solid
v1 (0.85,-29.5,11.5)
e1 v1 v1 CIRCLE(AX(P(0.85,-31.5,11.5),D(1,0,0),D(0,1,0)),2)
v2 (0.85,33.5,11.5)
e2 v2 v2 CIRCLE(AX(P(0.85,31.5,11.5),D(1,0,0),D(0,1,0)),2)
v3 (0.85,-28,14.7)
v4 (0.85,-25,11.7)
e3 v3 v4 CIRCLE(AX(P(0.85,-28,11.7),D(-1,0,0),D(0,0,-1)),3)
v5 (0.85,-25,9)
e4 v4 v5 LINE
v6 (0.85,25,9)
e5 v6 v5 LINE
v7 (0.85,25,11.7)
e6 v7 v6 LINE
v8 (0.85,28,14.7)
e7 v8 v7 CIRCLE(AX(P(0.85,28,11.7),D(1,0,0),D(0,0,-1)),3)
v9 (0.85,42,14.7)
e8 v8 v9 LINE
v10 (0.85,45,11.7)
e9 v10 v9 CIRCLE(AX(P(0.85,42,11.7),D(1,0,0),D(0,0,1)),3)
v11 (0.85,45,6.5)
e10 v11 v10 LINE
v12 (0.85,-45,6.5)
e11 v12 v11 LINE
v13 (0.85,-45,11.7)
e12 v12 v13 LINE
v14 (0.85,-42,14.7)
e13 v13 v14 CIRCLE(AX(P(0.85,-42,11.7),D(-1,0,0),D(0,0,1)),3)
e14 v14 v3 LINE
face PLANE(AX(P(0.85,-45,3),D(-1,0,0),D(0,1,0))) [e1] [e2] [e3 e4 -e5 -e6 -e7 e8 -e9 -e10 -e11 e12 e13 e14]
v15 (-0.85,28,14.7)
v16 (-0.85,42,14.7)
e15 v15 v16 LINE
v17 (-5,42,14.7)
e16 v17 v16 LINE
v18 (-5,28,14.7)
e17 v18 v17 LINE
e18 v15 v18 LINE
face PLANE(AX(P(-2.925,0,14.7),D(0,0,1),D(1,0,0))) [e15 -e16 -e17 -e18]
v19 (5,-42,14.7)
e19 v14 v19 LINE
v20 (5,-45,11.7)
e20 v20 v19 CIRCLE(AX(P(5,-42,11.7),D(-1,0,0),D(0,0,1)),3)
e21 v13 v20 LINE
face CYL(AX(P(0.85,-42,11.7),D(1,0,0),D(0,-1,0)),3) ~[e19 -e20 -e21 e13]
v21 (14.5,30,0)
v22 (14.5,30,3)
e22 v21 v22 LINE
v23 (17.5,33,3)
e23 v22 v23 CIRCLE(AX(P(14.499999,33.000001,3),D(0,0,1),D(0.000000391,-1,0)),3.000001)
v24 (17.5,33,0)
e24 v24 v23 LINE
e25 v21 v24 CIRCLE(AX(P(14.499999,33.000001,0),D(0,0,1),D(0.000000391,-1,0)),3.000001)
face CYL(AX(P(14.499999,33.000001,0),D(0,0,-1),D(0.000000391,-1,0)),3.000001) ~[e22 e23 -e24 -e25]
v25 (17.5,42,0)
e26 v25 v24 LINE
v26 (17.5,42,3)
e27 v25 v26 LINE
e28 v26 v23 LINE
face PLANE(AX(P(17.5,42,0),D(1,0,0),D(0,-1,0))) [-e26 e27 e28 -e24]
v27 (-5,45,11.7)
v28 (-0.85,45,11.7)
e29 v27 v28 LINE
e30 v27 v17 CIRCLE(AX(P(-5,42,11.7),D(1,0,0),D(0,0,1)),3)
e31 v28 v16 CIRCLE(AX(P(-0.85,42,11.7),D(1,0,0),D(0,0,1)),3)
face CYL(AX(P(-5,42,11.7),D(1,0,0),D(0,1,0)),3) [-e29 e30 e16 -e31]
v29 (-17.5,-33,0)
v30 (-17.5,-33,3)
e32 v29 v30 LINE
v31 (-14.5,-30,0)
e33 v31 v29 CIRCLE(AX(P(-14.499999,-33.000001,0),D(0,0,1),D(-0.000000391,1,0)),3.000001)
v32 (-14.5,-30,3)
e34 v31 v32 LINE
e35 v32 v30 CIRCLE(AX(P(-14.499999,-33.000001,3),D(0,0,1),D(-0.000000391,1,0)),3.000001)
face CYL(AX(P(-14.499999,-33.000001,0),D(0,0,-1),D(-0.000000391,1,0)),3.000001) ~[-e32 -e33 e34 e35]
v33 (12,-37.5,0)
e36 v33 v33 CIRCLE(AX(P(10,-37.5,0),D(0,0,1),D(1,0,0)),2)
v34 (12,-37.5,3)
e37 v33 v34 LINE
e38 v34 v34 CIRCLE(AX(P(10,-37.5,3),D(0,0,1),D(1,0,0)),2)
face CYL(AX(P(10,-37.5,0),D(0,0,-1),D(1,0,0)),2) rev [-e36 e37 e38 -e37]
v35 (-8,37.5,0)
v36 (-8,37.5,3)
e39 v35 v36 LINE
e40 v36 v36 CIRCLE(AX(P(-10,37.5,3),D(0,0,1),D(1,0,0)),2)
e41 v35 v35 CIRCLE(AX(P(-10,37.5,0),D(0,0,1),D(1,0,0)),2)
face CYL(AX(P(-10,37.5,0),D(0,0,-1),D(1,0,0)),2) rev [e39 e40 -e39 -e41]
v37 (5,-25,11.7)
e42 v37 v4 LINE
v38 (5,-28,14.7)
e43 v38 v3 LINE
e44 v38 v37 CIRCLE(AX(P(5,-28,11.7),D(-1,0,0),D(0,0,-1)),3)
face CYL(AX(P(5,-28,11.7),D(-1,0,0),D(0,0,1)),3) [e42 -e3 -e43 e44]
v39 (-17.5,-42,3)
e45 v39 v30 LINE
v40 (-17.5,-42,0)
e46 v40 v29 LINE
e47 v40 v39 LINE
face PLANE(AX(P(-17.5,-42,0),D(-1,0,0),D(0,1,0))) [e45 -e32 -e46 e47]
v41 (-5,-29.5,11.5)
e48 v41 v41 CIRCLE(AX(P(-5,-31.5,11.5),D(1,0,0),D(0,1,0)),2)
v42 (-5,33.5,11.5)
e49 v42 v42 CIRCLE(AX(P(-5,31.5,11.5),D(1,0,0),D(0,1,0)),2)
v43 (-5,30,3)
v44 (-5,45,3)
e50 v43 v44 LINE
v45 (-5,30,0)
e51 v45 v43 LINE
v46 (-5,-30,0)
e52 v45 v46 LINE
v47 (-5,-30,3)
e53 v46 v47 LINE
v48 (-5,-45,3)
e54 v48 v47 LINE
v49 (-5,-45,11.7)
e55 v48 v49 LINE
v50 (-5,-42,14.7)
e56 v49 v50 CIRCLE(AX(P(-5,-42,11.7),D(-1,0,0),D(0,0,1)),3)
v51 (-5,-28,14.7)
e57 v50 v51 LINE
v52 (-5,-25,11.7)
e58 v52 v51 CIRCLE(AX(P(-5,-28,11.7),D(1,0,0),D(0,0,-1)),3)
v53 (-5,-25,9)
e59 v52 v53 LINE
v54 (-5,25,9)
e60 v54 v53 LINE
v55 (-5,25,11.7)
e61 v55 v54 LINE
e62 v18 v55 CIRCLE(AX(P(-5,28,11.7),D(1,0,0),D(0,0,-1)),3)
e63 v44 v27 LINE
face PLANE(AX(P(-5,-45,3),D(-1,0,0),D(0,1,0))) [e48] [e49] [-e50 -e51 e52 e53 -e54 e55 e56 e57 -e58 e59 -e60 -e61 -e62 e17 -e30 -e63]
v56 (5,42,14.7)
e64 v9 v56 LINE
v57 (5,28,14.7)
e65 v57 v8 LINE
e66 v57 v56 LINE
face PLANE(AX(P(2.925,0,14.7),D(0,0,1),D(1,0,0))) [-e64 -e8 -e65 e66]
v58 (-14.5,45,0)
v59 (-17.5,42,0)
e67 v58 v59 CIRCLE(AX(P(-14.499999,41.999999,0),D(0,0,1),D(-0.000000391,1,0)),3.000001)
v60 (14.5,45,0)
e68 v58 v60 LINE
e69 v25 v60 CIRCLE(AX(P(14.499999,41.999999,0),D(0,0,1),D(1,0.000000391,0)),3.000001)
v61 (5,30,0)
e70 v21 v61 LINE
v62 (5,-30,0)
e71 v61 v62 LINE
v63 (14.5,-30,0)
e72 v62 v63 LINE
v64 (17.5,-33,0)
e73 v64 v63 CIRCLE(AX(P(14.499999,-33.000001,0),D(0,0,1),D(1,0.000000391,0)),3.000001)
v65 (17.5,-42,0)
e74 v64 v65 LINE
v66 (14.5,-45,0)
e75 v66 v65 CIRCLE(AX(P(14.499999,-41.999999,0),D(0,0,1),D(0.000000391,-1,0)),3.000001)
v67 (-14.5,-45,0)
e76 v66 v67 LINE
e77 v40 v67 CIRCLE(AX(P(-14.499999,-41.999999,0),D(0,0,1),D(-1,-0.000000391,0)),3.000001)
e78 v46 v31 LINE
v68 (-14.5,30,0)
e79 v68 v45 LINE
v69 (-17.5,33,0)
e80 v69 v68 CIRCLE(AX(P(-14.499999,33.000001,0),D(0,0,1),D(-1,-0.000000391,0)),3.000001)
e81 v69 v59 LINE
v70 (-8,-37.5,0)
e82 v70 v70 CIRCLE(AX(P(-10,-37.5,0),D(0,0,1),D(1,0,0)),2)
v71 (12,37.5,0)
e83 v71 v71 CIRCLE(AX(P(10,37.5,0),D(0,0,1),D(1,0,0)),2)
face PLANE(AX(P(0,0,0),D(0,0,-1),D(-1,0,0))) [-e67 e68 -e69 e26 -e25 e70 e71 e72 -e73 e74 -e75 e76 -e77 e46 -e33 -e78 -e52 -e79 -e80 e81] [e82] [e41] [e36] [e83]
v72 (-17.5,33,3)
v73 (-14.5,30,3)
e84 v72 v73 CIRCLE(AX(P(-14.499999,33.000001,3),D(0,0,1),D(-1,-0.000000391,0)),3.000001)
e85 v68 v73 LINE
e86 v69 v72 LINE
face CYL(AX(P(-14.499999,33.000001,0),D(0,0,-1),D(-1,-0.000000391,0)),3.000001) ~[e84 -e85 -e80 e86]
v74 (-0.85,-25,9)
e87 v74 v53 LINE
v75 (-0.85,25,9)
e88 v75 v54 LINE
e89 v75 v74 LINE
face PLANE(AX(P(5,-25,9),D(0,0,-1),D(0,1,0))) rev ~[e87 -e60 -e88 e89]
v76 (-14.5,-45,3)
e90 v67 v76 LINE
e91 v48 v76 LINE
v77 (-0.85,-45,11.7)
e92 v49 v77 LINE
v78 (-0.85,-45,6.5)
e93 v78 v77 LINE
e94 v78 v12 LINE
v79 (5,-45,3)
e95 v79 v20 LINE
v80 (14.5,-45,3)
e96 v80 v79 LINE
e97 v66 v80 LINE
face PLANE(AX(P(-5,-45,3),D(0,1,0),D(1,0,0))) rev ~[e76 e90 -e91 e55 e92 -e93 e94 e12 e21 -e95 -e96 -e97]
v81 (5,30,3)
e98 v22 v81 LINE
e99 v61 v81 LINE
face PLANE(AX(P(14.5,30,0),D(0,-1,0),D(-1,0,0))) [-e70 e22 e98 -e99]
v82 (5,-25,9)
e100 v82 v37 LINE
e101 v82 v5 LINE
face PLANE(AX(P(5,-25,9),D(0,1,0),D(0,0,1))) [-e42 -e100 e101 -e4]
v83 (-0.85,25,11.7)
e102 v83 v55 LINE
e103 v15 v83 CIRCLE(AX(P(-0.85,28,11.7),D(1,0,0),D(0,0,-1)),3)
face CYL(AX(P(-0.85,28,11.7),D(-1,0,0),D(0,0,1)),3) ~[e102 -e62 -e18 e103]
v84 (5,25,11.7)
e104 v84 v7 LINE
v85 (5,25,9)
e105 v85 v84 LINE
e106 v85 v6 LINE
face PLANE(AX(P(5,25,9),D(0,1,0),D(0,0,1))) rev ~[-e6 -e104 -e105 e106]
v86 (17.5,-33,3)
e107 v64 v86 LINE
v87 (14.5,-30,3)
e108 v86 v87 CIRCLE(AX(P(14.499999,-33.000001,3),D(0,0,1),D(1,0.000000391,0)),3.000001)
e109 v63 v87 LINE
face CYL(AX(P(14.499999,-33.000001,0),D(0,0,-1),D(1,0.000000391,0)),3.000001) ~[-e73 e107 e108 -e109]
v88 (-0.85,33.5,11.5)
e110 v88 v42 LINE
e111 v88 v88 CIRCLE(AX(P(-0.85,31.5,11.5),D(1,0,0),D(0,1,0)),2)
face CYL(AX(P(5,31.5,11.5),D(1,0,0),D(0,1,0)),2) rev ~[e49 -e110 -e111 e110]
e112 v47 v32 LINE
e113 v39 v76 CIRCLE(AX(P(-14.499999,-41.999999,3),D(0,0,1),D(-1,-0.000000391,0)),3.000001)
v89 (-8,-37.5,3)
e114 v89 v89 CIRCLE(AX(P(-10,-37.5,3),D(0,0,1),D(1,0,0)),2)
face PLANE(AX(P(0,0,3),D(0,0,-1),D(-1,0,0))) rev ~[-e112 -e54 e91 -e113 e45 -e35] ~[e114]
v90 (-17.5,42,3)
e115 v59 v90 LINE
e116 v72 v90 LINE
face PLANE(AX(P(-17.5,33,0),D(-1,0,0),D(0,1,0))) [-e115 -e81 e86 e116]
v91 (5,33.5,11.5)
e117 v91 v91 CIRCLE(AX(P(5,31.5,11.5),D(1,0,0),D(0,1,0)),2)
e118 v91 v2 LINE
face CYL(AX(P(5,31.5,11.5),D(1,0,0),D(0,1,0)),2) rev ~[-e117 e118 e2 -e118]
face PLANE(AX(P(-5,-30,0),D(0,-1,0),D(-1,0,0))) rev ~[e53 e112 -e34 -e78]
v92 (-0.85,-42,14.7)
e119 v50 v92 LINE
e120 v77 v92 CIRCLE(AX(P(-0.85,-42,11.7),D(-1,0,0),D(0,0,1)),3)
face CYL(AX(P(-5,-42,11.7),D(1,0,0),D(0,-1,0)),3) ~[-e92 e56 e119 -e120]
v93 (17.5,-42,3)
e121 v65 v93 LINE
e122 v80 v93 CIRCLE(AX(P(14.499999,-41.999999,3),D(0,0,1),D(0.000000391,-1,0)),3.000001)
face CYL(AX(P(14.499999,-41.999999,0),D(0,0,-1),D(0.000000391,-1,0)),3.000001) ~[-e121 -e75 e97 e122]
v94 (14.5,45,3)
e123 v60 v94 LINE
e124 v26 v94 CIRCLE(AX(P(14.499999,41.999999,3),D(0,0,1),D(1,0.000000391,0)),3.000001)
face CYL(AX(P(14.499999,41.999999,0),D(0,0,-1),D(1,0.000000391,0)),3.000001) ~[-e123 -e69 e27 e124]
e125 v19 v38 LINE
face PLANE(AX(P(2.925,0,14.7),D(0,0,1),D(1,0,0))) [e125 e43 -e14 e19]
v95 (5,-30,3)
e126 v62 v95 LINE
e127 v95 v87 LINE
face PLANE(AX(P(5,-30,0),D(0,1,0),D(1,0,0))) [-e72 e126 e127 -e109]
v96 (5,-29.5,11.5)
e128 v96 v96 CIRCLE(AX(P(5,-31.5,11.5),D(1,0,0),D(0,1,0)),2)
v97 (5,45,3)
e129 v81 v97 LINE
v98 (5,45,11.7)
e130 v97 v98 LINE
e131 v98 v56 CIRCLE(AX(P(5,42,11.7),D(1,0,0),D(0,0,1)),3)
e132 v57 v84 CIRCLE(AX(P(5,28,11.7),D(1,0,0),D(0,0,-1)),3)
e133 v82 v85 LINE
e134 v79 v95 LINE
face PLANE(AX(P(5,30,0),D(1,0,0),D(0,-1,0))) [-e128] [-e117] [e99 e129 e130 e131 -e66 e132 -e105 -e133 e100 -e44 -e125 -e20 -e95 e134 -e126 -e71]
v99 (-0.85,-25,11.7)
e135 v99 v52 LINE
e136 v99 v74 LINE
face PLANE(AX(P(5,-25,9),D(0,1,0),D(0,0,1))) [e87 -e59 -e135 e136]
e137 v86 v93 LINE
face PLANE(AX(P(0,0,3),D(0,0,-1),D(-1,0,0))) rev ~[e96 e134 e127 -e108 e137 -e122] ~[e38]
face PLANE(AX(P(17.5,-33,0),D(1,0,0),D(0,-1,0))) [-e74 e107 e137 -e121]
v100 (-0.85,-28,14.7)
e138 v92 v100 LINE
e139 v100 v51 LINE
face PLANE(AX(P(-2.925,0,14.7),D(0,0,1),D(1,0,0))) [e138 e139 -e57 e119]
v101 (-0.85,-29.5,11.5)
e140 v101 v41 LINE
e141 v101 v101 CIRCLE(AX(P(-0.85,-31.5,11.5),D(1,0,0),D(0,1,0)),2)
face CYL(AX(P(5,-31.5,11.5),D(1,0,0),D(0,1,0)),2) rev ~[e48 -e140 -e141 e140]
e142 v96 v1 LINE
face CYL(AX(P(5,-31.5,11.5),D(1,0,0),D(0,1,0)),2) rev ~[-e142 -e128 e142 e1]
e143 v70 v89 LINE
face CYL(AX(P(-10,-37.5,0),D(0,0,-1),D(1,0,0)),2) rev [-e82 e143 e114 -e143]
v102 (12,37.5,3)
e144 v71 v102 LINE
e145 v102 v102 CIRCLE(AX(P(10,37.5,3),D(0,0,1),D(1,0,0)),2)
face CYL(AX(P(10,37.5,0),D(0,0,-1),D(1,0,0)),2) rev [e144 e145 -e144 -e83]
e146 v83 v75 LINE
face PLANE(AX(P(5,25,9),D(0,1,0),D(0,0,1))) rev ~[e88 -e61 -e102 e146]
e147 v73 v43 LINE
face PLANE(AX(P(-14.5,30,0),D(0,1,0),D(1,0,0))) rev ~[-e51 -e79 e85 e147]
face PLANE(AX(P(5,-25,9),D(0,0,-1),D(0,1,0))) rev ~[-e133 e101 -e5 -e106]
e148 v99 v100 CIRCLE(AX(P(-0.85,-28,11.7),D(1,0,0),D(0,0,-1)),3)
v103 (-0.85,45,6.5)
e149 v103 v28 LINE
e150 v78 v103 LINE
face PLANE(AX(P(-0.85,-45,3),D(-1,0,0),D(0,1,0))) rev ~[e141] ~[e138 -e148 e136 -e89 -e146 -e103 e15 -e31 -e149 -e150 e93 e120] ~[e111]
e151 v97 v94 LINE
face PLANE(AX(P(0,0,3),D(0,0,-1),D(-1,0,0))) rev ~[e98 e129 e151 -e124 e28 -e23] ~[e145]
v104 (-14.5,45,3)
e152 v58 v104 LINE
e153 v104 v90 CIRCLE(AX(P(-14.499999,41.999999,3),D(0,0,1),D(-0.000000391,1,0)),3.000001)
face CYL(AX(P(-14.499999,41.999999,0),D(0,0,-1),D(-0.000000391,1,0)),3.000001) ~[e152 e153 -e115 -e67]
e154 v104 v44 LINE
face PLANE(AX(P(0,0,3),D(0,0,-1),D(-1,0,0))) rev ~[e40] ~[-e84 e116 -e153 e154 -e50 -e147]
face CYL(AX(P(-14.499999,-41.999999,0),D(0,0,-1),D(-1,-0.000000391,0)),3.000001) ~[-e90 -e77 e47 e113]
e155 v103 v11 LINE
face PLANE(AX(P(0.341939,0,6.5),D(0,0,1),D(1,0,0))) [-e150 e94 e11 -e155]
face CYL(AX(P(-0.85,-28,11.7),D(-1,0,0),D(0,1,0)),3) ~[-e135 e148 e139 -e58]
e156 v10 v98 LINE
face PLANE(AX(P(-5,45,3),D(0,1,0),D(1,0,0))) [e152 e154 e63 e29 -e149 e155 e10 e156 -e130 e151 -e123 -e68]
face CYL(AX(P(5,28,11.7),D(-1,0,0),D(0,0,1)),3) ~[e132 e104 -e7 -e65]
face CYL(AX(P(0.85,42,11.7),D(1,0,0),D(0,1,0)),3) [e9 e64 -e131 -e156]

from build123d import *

# Parameters (mm, degrees)
SKETCH_R     = 2
PAD_DEPTH    = 3
SKETCH001_W  = 4.15
SKETCH001_H  = 90
PAD001_DEPTH = 11.7
SKETCH002_R  = 2
SKETCH002_W  = 50
SKETCH002_H  = 6
POCKET_DEPTH = 15
SKETCH003_W  = 4.09
SKETCH003_H  = 90
PAD002_DEPTH = 3.5
FILLET_R     = 3


with BuildPart() as part:
    # Sketch → Pad (new body)
    with BuildSketch(Plane.XY):
        with BuildLine():
            Line((-14.5, 45), (14.5, 45))
            ThreePointArc((17.5, 42), (16.62132, 44.12132), (14.5, 45))
            Line((17.5, 42), (17.5, 33))
            ThreePointArc((14.5, 30), (16.62132, 30.87868), (17.5, 33))
            Line((14.5, 30), (5, 30))
            Line((5, 30), (5, -30))
            Line((5, -30), (14.5, -30))
            ThreePointArc((17.5, -33), (16.62132, -30.87868), (14.5, -30))
            Line((17.5, -33), (17.5, -42))
            ThreePointArc((14.5, -45), (16.62132, -44.12132), (17.5, -42))
            Line((14.5, -45), (-14.5, -45))
            ThreePointArc((-17.5, -42), (-16.62132, -44.12132), (-14.5, -45))
            Line((-17.5, -42), (-17.5, -33))
            ThreePointArc((-14.5, -30), (-16.62132, -30.87868), (-17.5, -33))
            Line((-5, -30), (-14.5, -30))
            Line((-5, 30), (-5, -30))
            Line((-14.5, 30), (-5, 30))
            ThreePointArc((-17.5, 33), (-16.62132, 30.87868), (-14.5, 30))
            Line((-17.5, 33), (-17.5, 42))
            ThreePointArc((-14.5, 45), (-16.62132, 44.12132), (-17.5, 42))
        make_face()
        with Locations((-10, 37.5)):
            Circle(SKETCH_R, mode=Mode.SUBTRACT)
        with Locations((10, 37.5)):
            Circle(SKETCH_R, mode=Mode.SUBTRACT)
        with Locations((-10, -37.5)):
            Circle(SKETCH_R, mode=Mode.SUBTRACT)
        with Locations((10, -37.5)):
            Circle(SKETCH_R, mode=Mode.SUBTRACT)
    extrude(amount=PAD_DEPTH)

    # Sketch001 → Pad001 (join)
    with BuildSketch(Plane.XY.offset(3)):
        with Locations((-2.925, 0)):
            Rectangle(SKETCH001_W, SKETCH001_H)
        with Locations((2.925, 0)):
            Rectangle(SKETCH001_W, SKETCH001_H)
    extrude(amount=PAD001_DEPTH)

    # Sketch002 → Pocket (cut)
    with BuildSketch(Plane.YZ.offset(5)):
        with Locations((-31.5, 11.5)):
            Circle(SKETCH002_R)
        with Locations((31.5, 11.5)):
            Circle(SKETCH002_R)
        with Locations((0, 12)):
            Rectangle(SKETCH002_W, SKETCH002_H)
    extrude(amount=-POCKET_DEPTH, mode=Mode.SUBTRACT)

    # Sketch003 → Pad002 (join)
    with BuildSketch(Plane.XY.offset(3)):
        with Locations((0.341939, 0)):
            Rectangle(SKETCH003_W, SKETCH003_H)
    extrude(amount=PAD002_DEPTH)

    # Fillet
    fillet_edges = [part.edges().sort_by_distance(p)[0] for p in [
        (-2.925, -45, 14.7),
        (2.925, -45, 14.7),
        (-2.925, -25, 14.7),
        (2.925, -25, 14.7),
        (-2.925, 25, 14.7),
        (2.925, 25, 14.7),
        (-2.925, 45, 14.7),
        (2.925, 45, 14.7),
    ]]
    fillet(fillet_edges, radius=FILLET_R)


solid = part.part
